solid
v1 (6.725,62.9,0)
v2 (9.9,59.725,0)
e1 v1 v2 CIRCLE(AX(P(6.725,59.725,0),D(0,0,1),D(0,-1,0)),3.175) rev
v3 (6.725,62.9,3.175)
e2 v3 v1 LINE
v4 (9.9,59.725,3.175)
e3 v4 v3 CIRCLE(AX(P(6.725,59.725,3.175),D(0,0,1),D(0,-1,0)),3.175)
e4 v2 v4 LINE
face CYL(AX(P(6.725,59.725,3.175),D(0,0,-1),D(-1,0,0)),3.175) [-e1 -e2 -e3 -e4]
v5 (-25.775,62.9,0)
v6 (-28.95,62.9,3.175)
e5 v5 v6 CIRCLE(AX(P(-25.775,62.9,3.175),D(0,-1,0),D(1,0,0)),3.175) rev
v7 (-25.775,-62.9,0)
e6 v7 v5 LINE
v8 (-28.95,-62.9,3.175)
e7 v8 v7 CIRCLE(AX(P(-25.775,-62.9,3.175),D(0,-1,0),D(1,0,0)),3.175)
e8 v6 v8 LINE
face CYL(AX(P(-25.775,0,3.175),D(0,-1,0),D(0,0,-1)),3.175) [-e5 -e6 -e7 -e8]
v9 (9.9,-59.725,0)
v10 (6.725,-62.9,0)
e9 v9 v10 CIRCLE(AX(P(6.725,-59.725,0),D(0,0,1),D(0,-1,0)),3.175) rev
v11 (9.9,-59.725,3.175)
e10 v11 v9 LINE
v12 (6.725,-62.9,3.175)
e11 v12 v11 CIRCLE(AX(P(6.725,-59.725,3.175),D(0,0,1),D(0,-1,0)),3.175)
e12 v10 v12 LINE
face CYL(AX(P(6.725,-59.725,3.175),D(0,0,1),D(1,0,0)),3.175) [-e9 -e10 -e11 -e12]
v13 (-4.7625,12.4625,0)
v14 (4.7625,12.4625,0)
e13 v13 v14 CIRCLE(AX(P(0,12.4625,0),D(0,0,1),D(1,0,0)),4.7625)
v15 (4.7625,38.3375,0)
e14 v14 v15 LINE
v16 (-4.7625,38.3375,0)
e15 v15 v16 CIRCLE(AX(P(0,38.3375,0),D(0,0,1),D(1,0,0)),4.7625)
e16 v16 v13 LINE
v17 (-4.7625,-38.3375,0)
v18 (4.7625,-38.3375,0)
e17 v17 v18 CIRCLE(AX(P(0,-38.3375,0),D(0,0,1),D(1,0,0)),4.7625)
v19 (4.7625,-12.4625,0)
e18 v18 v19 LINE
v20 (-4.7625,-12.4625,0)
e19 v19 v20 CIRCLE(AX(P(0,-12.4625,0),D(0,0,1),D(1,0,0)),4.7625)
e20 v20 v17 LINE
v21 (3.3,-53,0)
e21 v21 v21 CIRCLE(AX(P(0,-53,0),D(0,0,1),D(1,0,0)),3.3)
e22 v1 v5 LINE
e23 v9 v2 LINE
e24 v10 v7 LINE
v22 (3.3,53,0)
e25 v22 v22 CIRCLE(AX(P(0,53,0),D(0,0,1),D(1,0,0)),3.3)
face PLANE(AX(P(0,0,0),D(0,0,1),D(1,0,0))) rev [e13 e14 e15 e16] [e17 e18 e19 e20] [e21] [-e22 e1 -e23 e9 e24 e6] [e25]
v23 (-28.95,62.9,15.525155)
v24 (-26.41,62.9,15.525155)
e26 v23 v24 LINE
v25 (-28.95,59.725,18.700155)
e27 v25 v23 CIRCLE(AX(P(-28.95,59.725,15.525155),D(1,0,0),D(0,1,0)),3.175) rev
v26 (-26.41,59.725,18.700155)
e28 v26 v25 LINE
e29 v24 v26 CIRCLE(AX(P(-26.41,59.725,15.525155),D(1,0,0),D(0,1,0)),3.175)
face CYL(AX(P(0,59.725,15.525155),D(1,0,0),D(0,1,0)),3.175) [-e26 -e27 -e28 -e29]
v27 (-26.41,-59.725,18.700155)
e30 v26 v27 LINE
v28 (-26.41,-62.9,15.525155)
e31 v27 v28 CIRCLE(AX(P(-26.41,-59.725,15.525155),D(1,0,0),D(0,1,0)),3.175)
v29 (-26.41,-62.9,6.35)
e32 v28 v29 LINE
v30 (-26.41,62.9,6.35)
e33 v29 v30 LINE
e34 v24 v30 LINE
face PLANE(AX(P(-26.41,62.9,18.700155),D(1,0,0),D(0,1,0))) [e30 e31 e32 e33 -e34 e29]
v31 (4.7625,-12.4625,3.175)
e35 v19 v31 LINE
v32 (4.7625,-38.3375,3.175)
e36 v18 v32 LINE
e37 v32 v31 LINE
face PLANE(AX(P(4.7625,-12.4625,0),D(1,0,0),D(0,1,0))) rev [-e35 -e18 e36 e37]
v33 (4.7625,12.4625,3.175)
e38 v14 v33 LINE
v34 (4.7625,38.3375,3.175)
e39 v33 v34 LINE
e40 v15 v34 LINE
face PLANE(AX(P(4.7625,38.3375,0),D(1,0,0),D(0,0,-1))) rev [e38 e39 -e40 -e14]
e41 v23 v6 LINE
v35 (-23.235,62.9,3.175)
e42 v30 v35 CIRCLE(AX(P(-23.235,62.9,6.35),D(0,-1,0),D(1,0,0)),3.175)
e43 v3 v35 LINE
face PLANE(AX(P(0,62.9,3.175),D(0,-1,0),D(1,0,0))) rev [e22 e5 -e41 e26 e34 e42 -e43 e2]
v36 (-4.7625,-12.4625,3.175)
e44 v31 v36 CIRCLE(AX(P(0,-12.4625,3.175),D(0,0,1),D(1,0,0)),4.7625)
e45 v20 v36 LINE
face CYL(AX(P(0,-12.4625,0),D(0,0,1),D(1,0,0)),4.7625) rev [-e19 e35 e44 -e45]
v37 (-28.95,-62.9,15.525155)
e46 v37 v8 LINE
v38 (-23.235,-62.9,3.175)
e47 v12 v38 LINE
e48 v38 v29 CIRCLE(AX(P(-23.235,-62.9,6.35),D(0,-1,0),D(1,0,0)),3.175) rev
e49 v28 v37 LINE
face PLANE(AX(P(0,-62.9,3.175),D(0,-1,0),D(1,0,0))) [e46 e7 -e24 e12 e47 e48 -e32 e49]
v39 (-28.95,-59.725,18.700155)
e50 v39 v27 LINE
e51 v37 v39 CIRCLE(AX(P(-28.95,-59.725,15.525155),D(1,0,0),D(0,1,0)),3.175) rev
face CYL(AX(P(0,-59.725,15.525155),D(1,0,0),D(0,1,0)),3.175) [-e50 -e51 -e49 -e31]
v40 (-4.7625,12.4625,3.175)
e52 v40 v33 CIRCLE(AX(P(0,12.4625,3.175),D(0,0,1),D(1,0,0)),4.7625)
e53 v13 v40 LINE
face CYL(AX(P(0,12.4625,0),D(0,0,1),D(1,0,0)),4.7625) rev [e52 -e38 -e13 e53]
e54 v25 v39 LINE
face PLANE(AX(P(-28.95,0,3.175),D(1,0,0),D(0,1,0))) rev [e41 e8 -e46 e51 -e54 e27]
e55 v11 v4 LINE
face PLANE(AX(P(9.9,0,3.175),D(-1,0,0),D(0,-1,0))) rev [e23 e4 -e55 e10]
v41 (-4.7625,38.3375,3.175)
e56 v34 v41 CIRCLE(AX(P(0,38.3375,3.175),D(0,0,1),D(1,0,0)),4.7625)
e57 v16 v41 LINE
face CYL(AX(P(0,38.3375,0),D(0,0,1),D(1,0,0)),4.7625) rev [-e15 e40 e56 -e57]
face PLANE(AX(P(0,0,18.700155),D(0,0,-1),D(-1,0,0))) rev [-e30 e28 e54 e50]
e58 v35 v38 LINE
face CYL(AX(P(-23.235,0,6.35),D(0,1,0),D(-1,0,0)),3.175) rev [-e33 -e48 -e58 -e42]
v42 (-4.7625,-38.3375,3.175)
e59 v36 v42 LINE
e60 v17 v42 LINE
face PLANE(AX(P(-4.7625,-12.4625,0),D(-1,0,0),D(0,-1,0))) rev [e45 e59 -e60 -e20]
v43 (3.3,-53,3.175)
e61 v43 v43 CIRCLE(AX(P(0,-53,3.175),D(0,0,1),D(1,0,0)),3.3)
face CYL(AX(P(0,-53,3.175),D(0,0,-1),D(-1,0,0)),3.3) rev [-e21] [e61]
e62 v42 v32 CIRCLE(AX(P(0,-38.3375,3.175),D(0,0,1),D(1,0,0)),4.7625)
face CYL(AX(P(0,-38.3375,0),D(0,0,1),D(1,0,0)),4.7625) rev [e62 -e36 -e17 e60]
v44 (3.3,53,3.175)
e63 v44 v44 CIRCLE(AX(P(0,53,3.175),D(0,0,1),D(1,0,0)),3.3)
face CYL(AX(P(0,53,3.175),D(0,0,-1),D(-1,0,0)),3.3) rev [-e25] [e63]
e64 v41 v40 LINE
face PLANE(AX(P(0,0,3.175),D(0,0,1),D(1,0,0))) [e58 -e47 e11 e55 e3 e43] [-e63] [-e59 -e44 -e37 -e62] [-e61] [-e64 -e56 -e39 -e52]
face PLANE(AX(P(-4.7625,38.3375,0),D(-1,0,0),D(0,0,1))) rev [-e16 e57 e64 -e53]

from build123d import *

# Parameters (mm, degrees)
SKETCH1_W               = 19.800000024
SKETCH1_H               = 125.800000114
SKETCH1_R               = 3.3
SKETCH1_W_2             = 19.05
BOSS_EXTRUDE1_DEPTH     = 3.175
CUT_EXTRUDE1_DEPTH      = 70.315172458
CUT_EXTRUDE1_DEPTH_BACK = 70.315172458
FILLET1_R               = 3.175
SKETCH7_W               = 2.54
SKETCH7_H               = 125.800000114
EXTRUDE_THIN1_DEPTH     = 15.525155132
FILLET2_R               = 3.175


with BuildPart() as part:
    # Sketch1 → Boss-Extrude1 (new body)
    # profile 1 of 2: a face of its own
    with BuildSketch(Plane.XY):
        Rectangle(SKETCH1_W, SKETCH1_H)
        with Locations((0, -53.000000045)):
            Circle(SKETCH1_R, mode=Mode.SUBTRACT)
        with Locations((0, 53.000000045)):
            Circle(SKETCH1_R, mode=Mode.SUBTRACT)
    # profile 2 of 2: a face of its own
    with BuildSketch(Plane.XY):
        with Locations((-19.425000012, 0)):
            Rectangle(SKETCH1_W_2, SKETCH1_H)
    extrude(amount=BOSS_EXTRUDE1_DEPTH)

    # Sketch6 → Cut-Extrude1 (cut, two sides: drawn at the far end of the back side and taken through both)
    with BuildSketch(Plane.XY.offset(3.175).offset(-CUT_EXTRUDE1_DEPTH_BACK)):
        with BuildLine():
            Line((4.7625, 38.337500033), (4.7625, 12.462499967))
            ThreePointArc((4.7625, 12.462499967), (0, 7.699999967), (-4.7625, 12.462499967))
            Line((-4.7625, 12.462499967), (-4.7625, 38.337500033))
            ThreePointArc((-4.7625, 38.337500033), (0, 43.100000033), (4.7625, 38.337500033))
        make_face()
        with BuildLine():
            Line((4.7625, -12.462499967), (4.7625, -38.337500033))
            ThreePointArc((4.7625, -38.337500033), (0, -43.100000033), (-4.7625, -38.337500033))
            Line((-4.7625, -38.337500033), (-4.7625, -12.462499967))
            ThreePointArc((-4.7625, -12.462499967), (0, -7.699999967), (4.7625, -12.462499967))
        make_face()
    extrude(amount=CUT_EXTRUDE1_DEPTH + CUT_EXTRUDE1_DEPTH_BACK, mode=Mode.SUBTRACT)

    # Fillet1
    fillet1_edges = [part.edges().sort_by_distance(p)[0] for p in [
        (9.900000012, 62.900000057, 1.5875),
        (9.900000012, -62.900000057, 1.5875),
    ]]
    fillet(fillet1_edges, radius=FILLET1_R)

    # Sketch7 → Extrude-Thin1 (add)
    with BuildSketch(Plane.XY.offset(3.175)):
        with Locations((-27.680000012, 0)):
            Rectangle(SKETCH7_W, SKETCH7_H)
    extrude(amount=EXTRUDE_THIN1_DEPTH)

    # Fillet2
    fillet2_edges = [part.edges().sort_by_distance(p)[0] for p in [
        (-27.680000012, -62.900000057, 18.700155132),
        (-27.680000012, 62.900000057, 18.700155132),
        (-26.410000012, 0, 3.175),
        (-28.950000012, 0, 0),
    ]]
    fillet(fillet2_edges, radius=FILLET2_R)


solid = part.part
